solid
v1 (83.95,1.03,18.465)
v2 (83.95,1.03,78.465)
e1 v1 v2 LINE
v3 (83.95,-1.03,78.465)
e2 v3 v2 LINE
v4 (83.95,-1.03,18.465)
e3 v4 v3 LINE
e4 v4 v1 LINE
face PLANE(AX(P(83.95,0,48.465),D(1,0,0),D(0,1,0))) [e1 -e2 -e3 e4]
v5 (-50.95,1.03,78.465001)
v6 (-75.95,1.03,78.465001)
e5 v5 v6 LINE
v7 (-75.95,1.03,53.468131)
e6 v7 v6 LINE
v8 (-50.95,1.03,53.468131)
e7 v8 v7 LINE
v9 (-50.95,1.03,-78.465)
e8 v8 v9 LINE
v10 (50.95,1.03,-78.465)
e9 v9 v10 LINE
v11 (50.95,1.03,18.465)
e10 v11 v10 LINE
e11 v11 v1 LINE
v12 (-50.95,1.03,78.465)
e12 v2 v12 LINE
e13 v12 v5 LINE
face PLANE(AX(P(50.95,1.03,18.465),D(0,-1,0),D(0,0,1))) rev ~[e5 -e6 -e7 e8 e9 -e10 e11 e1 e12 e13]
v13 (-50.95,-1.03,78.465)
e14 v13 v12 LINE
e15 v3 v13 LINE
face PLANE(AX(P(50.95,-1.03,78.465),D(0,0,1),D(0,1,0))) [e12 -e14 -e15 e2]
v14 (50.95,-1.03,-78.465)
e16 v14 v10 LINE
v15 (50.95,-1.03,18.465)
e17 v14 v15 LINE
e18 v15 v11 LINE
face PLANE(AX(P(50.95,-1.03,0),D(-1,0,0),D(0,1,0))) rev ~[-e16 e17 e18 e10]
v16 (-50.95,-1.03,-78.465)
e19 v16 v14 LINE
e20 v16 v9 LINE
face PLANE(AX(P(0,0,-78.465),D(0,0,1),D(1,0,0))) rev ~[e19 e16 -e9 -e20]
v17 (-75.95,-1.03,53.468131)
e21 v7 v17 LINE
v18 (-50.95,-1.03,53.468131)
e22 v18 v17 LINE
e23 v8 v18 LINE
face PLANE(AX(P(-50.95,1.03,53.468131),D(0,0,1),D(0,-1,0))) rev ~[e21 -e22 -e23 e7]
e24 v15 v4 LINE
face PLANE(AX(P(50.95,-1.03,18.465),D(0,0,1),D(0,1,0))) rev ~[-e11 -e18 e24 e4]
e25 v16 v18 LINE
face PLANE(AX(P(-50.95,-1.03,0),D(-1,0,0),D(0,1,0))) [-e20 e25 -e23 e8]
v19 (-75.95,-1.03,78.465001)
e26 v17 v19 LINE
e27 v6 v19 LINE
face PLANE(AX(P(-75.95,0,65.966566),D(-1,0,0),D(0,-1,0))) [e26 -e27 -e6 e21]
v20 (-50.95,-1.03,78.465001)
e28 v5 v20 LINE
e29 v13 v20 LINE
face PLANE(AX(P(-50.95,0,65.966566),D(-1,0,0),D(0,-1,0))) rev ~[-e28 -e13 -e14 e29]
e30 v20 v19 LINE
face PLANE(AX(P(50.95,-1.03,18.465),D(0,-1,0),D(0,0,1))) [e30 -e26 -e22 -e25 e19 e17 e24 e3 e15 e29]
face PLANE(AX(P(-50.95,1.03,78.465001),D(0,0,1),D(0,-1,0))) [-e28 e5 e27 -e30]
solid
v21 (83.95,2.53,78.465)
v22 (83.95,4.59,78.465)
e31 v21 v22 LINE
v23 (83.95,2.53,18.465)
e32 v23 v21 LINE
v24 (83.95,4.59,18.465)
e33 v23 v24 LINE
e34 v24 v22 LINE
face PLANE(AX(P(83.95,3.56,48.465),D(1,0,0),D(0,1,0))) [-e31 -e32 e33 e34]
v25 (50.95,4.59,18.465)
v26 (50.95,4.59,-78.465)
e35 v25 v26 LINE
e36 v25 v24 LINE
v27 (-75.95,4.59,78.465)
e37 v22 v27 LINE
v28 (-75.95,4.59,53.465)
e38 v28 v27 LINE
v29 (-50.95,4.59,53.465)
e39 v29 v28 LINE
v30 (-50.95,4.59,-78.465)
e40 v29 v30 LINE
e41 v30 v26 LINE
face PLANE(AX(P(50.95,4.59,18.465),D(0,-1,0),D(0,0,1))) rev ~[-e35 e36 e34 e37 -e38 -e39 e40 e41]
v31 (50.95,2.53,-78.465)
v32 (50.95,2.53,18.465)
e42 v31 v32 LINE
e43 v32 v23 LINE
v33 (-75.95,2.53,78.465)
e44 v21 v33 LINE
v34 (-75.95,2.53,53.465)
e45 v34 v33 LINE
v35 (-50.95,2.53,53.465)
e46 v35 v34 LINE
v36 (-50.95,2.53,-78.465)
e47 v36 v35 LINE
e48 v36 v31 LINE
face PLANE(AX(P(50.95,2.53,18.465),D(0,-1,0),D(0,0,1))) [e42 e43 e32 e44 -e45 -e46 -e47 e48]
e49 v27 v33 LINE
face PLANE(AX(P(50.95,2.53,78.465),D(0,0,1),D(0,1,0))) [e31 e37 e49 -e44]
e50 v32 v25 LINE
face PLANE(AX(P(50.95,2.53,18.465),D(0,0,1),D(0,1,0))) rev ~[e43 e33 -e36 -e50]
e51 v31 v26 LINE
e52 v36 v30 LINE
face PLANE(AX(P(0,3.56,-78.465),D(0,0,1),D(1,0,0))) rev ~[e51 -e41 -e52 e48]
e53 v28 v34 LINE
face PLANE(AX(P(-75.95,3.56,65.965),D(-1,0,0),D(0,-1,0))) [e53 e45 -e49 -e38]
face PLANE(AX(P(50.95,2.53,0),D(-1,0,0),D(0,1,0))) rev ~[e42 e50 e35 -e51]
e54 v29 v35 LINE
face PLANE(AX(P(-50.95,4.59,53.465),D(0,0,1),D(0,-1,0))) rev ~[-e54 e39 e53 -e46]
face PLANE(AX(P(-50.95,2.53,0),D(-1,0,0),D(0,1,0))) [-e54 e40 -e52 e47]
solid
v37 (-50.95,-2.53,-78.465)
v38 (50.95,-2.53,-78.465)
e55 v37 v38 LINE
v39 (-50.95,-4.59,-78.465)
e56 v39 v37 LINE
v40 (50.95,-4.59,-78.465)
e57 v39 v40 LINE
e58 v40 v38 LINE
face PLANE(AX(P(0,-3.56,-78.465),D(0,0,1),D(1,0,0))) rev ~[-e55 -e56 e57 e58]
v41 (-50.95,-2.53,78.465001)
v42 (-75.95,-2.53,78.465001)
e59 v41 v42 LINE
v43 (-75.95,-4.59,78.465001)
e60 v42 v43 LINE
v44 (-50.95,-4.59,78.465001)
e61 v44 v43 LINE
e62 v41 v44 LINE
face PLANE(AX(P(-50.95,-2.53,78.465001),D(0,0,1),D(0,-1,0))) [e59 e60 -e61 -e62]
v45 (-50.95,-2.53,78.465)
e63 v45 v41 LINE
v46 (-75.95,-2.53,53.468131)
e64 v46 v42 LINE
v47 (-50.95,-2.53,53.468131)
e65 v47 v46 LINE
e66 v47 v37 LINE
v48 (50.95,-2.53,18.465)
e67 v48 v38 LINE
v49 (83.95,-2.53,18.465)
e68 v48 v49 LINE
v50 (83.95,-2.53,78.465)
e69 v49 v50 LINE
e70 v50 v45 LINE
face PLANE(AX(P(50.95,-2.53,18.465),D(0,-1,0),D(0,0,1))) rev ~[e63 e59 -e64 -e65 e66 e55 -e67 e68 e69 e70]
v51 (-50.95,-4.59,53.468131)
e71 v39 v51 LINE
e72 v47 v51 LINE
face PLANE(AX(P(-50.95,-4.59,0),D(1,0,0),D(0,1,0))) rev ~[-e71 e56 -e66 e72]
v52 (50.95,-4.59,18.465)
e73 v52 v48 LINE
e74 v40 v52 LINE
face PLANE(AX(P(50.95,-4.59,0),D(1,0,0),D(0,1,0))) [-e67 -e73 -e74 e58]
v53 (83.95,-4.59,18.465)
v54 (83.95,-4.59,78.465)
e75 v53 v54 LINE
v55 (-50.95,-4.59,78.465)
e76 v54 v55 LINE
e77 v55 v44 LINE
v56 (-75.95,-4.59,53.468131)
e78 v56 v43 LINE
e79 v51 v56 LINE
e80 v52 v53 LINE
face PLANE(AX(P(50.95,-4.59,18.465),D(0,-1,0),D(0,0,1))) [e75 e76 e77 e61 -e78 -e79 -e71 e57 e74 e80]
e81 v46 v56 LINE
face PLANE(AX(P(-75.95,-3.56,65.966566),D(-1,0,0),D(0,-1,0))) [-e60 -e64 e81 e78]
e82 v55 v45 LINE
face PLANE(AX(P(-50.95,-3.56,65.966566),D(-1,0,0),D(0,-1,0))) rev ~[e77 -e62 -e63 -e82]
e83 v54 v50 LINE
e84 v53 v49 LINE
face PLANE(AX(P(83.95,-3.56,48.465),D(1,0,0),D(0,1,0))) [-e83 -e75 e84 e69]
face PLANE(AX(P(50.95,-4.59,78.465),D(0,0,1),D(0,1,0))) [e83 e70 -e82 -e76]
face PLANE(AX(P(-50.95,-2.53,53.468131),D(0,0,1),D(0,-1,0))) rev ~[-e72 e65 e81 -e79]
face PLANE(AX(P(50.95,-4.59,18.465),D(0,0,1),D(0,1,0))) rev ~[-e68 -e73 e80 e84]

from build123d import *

# Parameters (mm, degrees)
F0_W     = 101.9
F0_H     = 2.06
F1_DEPTH = 78.465
F2_W     = 2.06
F2_H     = 25
F3_W     = 2.06
F3_H     = 24.996869
F4_W     = 2.06
F4_H     = 24.996869
F5_DEPTH = 25
F6_W     = 2.06
F6_H     = 60
F7_W     = 2.06
F7_H     = 60
F8_W     = 2.06
F8_H     = 60
F9_DEPTH = 33


with BuildPart() as f1:
    # F0 (on Top) → F1 (new body, symmetric)
    with BuildSketch(Plane.XY):
        Rectangle(F0_W, F0_H)
        with Locations((0, 3.56)):
            Rectangle(F0_W, F0_H)
        with Locations((0, -3.56)):
            Rectangle(F0_W, F0_H)
    extrude(amount=F1_DEPTH, both=True)

    # F2 (on face) + F3 (on face) + F4 (on face) → F5 (join)
    with BuildSketch(Plane(origin=(-50.95, 0, 0), x_dir=(0, -1, 0), z_dir=(-1, 0, 0))):
        with Locations((-3.56, 65.965)):
            Rectangle(F2_W, F2_H)
    with BuildSketch(Plane(origin=(-50.95, 0, 0), x_dir=(0, -1, 0), z_dir=(-1, 0, 0))):
        with Locations((0, 65.966566)):
            Rectangle(F3_W, F3_H)
    with BuildSketch(Plane(origin=(-50.95, 0, 0), x_dir=(0, -1, 0), z_dir=(-1, 0, 0))):
        with Locations((3.56, 65.966566)):
            Rectangle(F4_W, F4_H)
    extrude(amount=F5_DEPTH)

    # F6 (on face) + F7 (on face) + F8 (on face) → F9 (join)
    with BuildSketch(Plane.YZ.offset(50.95)):
        with Locations((-3.56, 48.465)):
            Rectangle(F6_W, F6_H)
    with BuildSketch(Plane.YZ.offset(50.95)):
        with Locations((0, 48.465)):
            Rectangle(F7_W, F7_H)
    with BuildSketch(Plane.YZ.offset(50.95)):
        with Locations((3.56, 48.465)):
            Rectangle(F8_W, F8_H)
    extrude(amount=F9_DEPTH)


solid = f1.part
